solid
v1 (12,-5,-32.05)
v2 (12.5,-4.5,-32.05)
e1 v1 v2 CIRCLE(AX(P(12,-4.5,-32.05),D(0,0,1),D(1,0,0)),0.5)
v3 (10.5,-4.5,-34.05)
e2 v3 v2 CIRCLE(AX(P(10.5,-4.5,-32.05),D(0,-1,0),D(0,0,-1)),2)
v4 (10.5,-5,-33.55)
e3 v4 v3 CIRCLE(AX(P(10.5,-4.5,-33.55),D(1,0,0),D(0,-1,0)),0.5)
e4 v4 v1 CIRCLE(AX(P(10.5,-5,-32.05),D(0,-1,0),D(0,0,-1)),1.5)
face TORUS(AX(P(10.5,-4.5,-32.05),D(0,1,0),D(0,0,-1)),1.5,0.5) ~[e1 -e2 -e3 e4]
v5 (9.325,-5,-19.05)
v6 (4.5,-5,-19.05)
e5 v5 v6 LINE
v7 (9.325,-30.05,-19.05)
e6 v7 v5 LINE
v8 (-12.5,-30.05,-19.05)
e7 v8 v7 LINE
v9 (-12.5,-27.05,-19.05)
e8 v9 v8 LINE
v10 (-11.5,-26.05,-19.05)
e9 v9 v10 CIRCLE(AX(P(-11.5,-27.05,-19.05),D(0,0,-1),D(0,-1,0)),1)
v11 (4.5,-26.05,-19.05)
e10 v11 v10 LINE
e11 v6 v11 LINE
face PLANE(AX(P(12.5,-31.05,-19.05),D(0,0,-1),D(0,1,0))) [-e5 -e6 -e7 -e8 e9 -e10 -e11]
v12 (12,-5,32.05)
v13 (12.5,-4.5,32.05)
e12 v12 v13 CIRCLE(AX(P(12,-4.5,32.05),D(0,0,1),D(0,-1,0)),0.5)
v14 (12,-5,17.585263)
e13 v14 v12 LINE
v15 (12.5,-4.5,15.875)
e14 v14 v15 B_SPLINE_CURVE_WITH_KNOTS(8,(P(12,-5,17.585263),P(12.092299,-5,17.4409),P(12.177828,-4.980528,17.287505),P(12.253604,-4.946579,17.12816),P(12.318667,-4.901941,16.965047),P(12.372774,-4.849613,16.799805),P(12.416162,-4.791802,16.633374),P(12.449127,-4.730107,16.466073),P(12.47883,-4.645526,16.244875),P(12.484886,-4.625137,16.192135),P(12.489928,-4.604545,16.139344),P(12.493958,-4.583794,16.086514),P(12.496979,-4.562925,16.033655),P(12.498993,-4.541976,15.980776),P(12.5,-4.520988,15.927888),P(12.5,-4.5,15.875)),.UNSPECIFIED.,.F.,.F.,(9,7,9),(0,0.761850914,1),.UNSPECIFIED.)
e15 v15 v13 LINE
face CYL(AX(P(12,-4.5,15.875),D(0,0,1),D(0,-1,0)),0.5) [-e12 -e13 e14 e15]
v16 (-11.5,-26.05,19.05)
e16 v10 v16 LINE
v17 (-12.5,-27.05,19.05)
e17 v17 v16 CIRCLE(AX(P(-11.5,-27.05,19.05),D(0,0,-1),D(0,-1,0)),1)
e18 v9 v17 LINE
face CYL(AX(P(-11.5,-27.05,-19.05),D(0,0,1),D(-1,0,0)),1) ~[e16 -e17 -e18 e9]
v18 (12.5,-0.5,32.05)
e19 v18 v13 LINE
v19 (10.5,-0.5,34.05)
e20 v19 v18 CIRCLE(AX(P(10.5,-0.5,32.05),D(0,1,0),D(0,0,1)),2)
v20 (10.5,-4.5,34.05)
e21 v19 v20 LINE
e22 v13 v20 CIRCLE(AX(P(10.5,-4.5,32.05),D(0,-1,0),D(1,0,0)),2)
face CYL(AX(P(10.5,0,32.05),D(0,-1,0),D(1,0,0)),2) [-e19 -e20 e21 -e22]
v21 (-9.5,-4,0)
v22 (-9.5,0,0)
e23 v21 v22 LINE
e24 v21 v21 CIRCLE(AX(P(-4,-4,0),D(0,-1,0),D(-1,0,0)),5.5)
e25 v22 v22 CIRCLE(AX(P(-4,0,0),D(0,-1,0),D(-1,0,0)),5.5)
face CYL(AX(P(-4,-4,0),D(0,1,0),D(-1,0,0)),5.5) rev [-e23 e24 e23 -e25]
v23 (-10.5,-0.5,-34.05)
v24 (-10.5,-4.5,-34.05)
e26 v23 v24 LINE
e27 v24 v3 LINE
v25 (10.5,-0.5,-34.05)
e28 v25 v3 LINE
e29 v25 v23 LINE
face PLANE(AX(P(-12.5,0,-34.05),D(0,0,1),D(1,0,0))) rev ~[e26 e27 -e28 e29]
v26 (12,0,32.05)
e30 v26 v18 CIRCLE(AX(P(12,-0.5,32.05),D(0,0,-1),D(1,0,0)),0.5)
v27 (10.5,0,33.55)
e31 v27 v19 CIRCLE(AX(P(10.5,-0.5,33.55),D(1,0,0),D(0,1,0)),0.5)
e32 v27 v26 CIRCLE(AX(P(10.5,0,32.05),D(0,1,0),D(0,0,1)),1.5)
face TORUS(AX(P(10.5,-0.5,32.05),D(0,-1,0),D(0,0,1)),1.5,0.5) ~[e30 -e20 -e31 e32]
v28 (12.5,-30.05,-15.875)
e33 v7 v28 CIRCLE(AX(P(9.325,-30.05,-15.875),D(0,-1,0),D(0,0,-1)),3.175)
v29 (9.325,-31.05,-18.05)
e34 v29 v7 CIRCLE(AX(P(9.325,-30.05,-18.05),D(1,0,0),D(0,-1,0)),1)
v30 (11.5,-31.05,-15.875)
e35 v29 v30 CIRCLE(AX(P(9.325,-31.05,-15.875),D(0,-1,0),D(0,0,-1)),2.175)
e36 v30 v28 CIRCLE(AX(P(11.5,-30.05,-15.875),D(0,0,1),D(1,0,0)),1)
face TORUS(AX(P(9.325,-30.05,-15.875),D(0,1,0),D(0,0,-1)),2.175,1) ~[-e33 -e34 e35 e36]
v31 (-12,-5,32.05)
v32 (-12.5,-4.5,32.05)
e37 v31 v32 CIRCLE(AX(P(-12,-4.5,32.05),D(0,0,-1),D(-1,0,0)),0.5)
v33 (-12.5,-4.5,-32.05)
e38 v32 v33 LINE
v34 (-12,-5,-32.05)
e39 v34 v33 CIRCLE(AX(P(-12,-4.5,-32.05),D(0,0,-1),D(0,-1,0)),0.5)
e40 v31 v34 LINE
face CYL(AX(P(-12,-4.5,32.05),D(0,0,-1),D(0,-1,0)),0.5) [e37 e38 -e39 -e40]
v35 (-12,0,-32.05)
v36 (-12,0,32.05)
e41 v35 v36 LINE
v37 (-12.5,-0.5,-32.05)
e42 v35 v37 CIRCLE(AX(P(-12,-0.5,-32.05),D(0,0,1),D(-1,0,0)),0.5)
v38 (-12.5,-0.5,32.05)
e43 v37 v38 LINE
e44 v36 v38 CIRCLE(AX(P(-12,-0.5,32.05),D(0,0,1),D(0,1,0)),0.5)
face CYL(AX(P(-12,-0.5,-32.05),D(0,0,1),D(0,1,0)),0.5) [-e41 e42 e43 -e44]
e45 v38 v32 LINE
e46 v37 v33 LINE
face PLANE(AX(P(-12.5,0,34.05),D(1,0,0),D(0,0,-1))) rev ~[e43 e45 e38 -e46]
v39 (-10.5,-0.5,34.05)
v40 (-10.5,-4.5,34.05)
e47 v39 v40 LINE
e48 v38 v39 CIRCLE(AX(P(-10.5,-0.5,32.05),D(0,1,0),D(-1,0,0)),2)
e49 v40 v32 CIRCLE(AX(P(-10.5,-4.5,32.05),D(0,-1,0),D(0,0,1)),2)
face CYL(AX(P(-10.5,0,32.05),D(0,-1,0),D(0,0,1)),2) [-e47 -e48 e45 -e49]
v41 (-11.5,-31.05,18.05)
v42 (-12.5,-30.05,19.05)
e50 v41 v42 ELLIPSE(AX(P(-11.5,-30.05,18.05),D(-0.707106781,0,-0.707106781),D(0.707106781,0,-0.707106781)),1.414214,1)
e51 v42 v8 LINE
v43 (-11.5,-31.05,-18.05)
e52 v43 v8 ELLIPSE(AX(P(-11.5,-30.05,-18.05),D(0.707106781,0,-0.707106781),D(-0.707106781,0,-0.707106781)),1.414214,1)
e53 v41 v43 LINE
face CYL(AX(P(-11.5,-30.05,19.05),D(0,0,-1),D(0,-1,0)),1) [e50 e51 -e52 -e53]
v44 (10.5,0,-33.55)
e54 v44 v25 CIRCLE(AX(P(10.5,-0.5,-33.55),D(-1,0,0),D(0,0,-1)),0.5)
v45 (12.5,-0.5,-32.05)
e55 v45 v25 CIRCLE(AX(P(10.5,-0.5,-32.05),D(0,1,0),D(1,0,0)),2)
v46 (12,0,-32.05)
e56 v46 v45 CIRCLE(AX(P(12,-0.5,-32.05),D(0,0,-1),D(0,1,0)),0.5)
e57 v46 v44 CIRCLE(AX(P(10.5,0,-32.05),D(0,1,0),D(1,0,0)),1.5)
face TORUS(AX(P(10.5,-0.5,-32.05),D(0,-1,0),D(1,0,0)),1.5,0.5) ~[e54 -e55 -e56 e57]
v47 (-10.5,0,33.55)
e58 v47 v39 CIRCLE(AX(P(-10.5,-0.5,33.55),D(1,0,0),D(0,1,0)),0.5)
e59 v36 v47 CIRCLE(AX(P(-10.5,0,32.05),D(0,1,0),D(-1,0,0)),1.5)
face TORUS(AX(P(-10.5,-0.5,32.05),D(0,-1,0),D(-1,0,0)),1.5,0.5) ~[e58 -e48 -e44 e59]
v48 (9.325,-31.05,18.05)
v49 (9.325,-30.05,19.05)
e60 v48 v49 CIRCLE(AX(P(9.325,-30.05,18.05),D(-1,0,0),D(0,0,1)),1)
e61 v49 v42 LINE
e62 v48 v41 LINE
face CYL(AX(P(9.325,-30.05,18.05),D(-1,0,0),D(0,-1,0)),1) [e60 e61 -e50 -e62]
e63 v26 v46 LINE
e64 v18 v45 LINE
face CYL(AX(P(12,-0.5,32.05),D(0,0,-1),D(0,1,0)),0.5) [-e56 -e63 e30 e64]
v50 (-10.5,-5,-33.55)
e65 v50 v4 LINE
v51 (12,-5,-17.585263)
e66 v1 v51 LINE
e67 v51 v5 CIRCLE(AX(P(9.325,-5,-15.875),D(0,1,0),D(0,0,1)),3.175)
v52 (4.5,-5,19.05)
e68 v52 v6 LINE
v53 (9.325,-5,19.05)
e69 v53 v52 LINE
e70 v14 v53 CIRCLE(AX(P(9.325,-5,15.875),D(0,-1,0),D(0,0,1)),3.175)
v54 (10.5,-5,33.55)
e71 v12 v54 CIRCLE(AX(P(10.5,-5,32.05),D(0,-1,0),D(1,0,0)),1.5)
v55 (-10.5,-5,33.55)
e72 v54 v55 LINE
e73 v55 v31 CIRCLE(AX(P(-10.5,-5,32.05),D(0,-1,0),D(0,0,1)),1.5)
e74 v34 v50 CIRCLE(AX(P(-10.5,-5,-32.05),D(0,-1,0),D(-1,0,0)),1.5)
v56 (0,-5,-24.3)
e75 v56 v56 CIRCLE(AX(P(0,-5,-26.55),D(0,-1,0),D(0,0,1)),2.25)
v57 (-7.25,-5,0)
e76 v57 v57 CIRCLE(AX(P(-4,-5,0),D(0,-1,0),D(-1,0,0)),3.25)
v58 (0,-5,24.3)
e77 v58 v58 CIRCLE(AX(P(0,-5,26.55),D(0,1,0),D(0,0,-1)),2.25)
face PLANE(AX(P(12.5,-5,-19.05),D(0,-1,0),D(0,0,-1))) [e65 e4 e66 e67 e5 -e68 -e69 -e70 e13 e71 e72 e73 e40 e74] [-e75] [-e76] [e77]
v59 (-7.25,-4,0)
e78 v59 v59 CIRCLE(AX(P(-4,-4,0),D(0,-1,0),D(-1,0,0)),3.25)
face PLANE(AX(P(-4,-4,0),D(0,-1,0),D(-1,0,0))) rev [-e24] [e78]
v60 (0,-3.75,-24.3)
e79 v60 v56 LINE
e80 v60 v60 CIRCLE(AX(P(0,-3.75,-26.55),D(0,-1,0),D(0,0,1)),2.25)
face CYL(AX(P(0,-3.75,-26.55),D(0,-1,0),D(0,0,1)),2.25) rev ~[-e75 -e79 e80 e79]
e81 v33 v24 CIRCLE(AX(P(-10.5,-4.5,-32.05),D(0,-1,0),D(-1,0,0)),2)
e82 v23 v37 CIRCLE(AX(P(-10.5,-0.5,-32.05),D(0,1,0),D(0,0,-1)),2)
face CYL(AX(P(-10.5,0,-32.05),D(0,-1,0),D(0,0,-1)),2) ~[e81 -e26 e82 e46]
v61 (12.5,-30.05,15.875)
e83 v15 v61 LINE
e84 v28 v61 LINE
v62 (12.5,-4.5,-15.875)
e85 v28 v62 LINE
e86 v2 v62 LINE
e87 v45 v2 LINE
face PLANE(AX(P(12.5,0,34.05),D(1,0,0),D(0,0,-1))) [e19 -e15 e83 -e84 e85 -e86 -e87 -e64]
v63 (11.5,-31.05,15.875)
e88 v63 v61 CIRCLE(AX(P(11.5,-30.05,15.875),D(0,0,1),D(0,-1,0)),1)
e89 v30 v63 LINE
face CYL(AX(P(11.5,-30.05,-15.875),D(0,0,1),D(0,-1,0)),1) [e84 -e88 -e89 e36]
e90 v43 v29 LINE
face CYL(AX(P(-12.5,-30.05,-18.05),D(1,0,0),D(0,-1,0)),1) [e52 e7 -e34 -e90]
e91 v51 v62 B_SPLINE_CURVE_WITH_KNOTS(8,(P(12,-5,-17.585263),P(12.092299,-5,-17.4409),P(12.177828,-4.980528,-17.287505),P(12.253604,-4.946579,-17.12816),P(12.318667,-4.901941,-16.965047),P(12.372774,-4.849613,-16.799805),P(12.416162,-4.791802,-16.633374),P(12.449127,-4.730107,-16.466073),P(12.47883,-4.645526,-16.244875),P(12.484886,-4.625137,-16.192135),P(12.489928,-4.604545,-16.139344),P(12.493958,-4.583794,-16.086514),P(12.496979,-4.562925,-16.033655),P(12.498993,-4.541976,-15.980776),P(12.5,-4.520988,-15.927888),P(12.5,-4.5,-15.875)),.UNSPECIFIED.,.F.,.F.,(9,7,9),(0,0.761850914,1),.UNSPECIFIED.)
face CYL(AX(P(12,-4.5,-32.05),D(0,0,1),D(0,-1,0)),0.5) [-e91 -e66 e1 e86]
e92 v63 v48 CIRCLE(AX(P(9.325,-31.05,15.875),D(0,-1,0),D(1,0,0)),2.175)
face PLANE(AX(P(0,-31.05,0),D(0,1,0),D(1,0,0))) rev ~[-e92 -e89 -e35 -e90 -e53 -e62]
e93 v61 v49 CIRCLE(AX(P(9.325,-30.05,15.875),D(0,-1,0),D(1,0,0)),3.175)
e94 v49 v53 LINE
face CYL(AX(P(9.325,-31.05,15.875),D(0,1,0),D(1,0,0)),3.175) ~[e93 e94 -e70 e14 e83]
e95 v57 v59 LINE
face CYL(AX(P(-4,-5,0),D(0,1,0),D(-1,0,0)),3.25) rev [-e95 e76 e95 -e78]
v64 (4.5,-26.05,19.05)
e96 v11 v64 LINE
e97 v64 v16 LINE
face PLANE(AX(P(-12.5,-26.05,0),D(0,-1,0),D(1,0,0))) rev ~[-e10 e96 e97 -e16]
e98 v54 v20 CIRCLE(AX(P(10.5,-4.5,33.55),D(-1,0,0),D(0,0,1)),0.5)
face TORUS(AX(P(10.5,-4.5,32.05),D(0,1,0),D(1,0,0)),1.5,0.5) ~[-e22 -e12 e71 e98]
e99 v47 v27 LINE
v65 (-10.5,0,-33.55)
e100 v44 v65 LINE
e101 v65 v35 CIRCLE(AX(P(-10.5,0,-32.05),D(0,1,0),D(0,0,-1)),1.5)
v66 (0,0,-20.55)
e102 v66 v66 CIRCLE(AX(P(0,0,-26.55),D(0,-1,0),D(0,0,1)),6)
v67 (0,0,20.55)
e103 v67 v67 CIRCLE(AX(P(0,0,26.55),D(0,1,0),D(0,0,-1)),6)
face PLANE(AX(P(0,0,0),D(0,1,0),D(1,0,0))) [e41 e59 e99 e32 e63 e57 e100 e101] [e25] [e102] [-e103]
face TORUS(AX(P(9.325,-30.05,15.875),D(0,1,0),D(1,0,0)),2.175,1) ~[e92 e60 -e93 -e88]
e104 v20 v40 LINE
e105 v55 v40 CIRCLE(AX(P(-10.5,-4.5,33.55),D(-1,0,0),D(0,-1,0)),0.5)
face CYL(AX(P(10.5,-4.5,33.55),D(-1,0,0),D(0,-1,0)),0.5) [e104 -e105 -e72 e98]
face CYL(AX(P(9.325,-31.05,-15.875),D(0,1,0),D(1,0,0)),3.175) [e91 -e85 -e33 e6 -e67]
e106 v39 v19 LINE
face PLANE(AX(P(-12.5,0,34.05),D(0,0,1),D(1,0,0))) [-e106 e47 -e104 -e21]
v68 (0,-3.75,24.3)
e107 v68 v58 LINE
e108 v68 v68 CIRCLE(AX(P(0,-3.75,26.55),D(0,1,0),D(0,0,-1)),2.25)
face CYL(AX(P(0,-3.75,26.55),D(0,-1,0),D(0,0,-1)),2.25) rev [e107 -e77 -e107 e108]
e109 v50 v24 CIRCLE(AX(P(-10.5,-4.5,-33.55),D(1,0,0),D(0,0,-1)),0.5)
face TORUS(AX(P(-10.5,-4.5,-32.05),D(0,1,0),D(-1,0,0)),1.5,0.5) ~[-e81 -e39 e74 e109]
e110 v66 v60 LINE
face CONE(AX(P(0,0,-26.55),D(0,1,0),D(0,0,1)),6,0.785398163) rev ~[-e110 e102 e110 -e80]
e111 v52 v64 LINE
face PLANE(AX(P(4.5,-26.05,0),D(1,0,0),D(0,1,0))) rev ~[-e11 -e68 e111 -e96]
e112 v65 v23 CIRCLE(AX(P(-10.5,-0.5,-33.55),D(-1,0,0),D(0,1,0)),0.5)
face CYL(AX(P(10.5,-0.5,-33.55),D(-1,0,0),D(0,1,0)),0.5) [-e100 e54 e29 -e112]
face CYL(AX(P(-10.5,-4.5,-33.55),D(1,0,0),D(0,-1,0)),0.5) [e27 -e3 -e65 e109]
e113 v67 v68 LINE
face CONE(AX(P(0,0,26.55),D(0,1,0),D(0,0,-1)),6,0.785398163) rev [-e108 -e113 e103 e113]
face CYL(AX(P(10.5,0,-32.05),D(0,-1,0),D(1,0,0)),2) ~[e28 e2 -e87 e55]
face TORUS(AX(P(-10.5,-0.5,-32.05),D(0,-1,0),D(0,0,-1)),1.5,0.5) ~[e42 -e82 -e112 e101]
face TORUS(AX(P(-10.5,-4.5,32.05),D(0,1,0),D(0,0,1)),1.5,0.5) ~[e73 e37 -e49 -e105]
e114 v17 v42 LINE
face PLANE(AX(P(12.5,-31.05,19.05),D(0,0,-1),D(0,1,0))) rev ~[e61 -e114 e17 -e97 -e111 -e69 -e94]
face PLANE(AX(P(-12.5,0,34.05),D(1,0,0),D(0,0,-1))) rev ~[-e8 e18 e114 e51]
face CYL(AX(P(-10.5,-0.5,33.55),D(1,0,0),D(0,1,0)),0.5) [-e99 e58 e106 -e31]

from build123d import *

# Parameters (mm, degrees)
SKETCH1_W           = 25
SKETCH1_H           = 68.1
BOSS_EXTRUDE1_DEPTH = 31.05
CUT_EXTRUDE1_REACH  = 54.426
SKETCH2_W           = 15
SKETCH2_H           = 26.05
SKETCH3_W           = 17
SKETCH3_H           = 21.05
CUT_EXTRUDE2_DEPTH  = 25
FILLET5_R           = 3.175
FILLET2_R           = 1
FILLET6_R           = 2
FILLET3_R           = 0.5


with BuildPart() as part:
    # Sketch1 → Boss-Extrude1 (new body)
    with BuildSketch(Plane(origin=(0, 0, 0), x_dir=(1, 0, 0), z_dir=(0, 1, 0))):
        Rectangle(SKETCH1_W, SKETCH1_H)
    extrude(amount=-BOSS_EXTRUDE1_DEPTH)

    # Sketch2 → Cut-Extrude1 (cut, up to next)
    with BuildSketch(Plane(origin=(12.5, 0, 0), x_dir=(0, 0, -1), z_dir=(1, 0, 0)), mode=Mode.PRIVATE) as cut_extrude1_sk1:
        with Locations((-26.55, -18.025)):
            Rectangle(SKETCH2_W, SKETCH2_H)
    cut_extrude1_tool1 = extrude(cut_extrude1_sk1.sketch, amount=-CUT_EXTRUDE1_REACH, mode=Mode.PRIVATE) & part.part
    # Sketch2 → Cut-Extrude1 (cut, up to next)
    with BuildSketch(Plane(origin=(12.5, 0, 0), x_dir=(0, 0, -1), z_dir=(1, 0, 0)), mode=Mode.PRIVATE) as cut_extrude1_sk2:
        with Locations((26.55, -18.025)):
            Rectangle(SKETCH2_W, SKETCH2_H)
    cut_extrude1_tool2 = extrude(cut_extrude1_sk2.sketch, amount=-CUT_EXTRUDE1_REACH, mode=Mode.PRIVATE) & part.part
    add(cut_extrude1_tool1.solids().sort_by_distance((12.5, -18.025, 26.55))[0], mode=Mode.SUBTRACT)
    add(cut_extrude1_tool2.solids().sort_by_distance((12.5, -18.025, -26.55))[0], mode=Mode.SUBTRACT)

    # Sketch3 → Cut-Extrude2 (cut, symmetric)
    with BuildSketch(Plane.XY):
        with Locations((-4, -15.525)):
            Rectangle(SKETCH3_W, SKETCH3_H)
    extrude(amount=CUT_EXTRUDE2_DEPTH, both=True, mode=Mode.SUBTRACT)

    # Sketch5 → Cut-Revolve1 (revolve, cut)
    with BuildSketch(Plane(origin=(0, 0, 0), x_dir=(0, 0, -1), z_dir=(1, 0, 0)), mode=Mode.PRIVATE) as cut_revolve1_sk:
        Polygon((-32.55, 0), (-28.8, -3.75), (-28.8, -5), (-26.55, -5), (-26.55, 0), align=None)
    cut_revolve1 = revolve(cut_revolve1_sk.sketch.rotate(Axis((0, -5, 26.55), (0, 1, 0)), 180), axis=Axis((0, -5, 26.55), (0, 1, 0)), mode=Mode.SUBTRACT)

    # Mirror1: Cut-Revolve1 across plane
    add(cut_revolve1.mirror(Plane.XY), mode=Mode.SUBTRACT)

    # Sketch6 → Cut-Revolve2 (revolve, cut)
    with BuildSketch(Plane.XY, mode=Mode.PRIVATE) as cut_revolve2_sk:
        Polygon((-4, 0), (-4, -5), (-0.75, -5), (-0.75, -4), (1.5, -4), (1.5, 0), align=None)
    revolve(cut_revolve2_sk.sketch.rotate(Axis((-4, 0, 0), (0, -1, 0)), 180), axis=Axis((-4, 0, 0), (0, -1, 0)), mode=Mode.SUBTRACT)

    # Fillet5
    fillet5_edges = [part.edges().sort_by_distance(p)[0] for p in [
        (12.5, -18.025, 19.05),
        (12.5, -18.025, -19.05),
    ]]
    fillet(fillet5_edges, radius=FILLET5_R)

    # Fillet2
    fillet2_edges = [part.edges().sort_by_distance(p)[0] for p in [
        (-12.5, -31.05, 0),
        (-1.5875, -31.05, 19.05),
        (-1.5875, -31.05, -19.05),
        (-12.5, -26.05, 0),
        (12.5, -31.05, 0),
        (11.57006403, -31.05, -18.12006403),
        (11.57006403, -31.05, 18.12006403),
    ]]
    fillet(fillet2_edges, radius=FILLET2_R)

    # Fillet6
    fillet6_edges = [part.edges().sort_by_distance(p)[0] for p in [
        (12.5, -2.5, -34.05),
        (-12.5, -2.5, -34.05),
        (-12.5, -2.5, 34.05),
        (12.5, -2.5, 34.05),
    ]]
    fillet(fillet6_edges, radius=FILLET6_R)

    # Fillet3
    fillet3_edges = [part.edges().sort_by_distance(p)[0] for p in [
        (0, -5, 34.05),
        (0, 0, 34.05),
        (12.5, 0, 0),
        (0, 0, -34.05),
        (-12.5, 0, 0),
        (-11.914213562, 0, -33.464213562),
        (11.914213562, 0, -33.464213562),
        (-11.914213562, 0, 33.464213562),
        (11.914213562, 0, 33.464213562),
        (12.5, -5, -23.9625),
        (-12.5, -5, 0),
        (0, -5, -34.05),
        (-11.914213562, -5, -33.464213562),
        (11.914213562, -5, -33.464213562),
        (-11.914213562, -5, 33.464213562),
        (11.914213562, -5, 33.464213562),
        (12.5, -5, 23.9625),
    ]]
    fillet(fillet3_edges, radius=FILLET3_R)


solid = part.part
